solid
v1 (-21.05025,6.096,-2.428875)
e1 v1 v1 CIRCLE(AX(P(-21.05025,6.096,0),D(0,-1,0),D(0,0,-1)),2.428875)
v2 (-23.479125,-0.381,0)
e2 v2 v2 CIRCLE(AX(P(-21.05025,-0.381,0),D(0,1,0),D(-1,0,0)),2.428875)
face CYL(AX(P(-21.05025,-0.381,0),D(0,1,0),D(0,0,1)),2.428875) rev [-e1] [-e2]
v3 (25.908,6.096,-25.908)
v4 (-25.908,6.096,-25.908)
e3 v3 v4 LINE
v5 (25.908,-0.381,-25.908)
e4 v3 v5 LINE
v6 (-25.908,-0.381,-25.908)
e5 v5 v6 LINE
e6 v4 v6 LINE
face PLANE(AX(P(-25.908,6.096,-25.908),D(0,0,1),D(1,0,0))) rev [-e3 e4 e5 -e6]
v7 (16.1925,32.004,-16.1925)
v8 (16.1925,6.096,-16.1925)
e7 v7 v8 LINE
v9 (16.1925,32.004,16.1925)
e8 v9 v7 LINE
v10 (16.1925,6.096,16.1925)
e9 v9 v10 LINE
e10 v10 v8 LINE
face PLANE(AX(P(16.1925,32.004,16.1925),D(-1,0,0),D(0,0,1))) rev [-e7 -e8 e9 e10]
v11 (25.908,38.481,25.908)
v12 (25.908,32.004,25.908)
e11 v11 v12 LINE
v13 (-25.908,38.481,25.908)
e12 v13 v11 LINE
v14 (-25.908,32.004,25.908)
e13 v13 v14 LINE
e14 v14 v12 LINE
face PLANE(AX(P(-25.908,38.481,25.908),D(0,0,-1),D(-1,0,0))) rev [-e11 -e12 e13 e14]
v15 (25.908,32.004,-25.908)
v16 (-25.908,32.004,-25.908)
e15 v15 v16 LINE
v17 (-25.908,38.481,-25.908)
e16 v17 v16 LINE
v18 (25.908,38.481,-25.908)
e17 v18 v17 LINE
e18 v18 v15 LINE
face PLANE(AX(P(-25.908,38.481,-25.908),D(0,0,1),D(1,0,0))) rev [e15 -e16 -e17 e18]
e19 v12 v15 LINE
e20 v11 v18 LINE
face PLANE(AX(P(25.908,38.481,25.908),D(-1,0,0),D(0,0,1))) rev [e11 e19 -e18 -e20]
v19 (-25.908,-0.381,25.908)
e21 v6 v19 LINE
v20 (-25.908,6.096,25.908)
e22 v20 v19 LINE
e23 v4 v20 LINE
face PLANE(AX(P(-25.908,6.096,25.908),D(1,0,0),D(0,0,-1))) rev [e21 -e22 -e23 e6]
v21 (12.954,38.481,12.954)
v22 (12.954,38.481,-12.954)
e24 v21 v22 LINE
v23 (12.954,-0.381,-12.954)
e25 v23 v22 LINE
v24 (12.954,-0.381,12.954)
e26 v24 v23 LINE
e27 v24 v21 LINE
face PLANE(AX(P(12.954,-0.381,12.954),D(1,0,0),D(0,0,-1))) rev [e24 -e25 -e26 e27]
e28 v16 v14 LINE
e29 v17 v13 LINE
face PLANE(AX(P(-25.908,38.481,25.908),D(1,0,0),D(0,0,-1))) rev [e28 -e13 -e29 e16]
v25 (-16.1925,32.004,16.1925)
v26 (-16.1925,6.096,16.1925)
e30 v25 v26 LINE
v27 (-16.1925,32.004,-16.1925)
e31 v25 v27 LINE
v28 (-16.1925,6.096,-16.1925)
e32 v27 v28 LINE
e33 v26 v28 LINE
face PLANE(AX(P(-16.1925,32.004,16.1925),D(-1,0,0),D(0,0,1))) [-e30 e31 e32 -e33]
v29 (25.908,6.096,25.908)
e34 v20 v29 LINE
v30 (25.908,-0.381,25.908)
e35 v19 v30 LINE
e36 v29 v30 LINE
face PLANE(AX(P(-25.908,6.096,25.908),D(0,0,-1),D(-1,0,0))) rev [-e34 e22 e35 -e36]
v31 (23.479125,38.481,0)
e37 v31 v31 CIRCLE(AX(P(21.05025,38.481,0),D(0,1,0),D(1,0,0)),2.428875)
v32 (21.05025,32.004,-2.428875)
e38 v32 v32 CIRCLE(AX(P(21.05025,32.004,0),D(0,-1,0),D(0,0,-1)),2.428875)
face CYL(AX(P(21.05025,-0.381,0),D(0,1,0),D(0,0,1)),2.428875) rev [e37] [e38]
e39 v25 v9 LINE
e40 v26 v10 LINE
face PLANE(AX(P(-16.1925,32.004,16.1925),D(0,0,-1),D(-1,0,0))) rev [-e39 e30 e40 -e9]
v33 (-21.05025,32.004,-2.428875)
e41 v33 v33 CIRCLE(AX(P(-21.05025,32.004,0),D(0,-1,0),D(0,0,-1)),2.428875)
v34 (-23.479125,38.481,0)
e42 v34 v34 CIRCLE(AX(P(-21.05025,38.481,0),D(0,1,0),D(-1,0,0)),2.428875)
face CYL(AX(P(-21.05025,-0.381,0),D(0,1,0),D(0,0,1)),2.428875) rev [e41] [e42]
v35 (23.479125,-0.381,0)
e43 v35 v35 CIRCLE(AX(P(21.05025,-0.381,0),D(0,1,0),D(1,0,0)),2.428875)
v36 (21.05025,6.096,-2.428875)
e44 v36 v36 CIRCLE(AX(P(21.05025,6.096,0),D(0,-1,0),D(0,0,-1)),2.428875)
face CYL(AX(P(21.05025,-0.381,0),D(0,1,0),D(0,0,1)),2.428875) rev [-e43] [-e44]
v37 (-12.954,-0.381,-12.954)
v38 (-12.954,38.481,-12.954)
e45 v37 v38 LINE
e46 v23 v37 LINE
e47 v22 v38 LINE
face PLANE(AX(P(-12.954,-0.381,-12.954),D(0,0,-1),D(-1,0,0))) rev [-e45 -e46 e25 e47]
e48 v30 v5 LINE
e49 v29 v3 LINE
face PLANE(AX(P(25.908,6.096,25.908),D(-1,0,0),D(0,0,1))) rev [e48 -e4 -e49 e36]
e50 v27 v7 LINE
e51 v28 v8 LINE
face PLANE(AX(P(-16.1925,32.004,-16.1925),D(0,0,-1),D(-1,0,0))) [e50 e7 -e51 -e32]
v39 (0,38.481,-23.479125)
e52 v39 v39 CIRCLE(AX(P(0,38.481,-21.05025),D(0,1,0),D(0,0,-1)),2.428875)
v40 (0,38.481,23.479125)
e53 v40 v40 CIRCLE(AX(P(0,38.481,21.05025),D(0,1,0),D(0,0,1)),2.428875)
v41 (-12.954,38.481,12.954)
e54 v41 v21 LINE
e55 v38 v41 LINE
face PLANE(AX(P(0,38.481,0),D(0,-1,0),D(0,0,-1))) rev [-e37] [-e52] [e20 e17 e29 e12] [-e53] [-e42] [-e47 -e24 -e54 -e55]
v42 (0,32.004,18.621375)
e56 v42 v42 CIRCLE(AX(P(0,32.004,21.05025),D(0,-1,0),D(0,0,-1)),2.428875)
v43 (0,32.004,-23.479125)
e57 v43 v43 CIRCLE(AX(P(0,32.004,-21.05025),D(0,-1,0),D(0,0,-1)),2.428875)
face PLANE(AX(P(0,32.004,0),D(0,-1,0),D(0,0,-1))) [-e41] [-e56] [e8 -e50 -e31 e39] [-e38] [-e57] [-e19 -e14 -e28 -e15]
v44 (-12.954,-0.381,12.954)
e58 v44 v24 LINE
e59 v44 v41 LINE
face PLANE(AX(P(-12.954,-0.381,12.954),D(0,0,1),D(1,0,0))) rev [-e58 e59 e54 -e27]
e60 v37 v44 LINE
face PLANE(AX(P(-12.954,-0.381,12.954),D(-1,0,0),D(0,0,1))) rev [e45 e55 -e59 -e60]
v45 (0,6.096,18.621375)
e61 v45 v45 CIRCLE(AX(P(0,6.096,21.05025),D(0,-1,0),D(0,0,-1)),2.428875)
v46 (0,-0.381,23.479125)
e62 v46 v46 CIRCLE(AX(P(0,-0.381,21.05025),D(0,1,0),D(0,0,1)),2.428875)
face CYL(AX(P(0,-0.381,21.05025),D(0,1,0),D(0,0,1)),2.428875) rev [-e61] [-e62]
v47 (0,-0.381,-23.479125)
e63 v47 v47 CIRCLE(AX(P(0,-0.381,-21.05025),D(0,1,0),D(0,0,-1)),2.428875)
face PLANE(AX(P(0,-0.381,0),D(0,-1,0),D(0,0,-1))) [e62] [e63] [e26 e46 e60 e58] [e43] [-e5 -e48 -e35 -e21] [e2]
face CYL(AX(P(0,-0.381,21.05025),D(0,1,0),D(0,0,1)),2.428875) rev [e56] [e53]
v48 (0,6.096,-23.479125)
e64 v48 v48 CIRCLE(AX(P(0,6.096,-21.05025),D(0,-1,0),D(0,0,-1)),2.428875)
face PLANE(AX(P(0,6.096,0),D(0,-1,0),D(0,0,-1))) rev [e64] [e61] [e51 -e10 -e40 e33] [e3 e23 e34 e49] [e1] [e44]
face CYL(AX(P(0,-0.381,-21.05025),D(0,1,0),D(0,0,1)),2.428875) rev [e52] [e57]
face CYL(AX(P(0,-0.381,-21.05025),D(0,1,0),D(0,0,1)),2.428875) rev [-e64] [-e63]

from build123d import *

# Parameters (mm, degrees)
SKETCH1_W           = 50.8
SKETCH1_H           = 50.8
BOSS_EXTRUDE1_DEPTH = 6.35
SKETCH2_W           = 31.75
SKETCH2_H           = 31.75
BOSS_EXTRUDE2_DEPTH = 25.4
SKETCH3_W           = 50.8
SKETCH3_H           = 50.8
BOSS_EXTRUDE3_DEPTH = 6.35
SKETCH4_W           = 25.4
SKETCH4_H           = 25.4
CUT_EXTRUDE1_DEPTH  = 53.363441445
SKETCH5_R           = 2.38125
CUT_EXTRUDE2_DEPTH  = 53.363441445
CIRPATTERN1_COUNT   = 4
SCALE1_SCALE        = 1.02


with BuildPart() as part:
    # Sketch1 → Boss-Extrude1 (new body)
    with BuildSketch(Plane(origin=(0, 0, 0), x_dir=(1, 0, 0), z_dir=(0, 1, 0))):
        Rectangle(SKETCH1_W, SKETCH1_H)
    extrude(amount=BOSS_EXTRUDE1_DEPTH)

    # Sketch2 → Boss-Extrude2 (add)
    with BuildSketch(Plane(origin=(0, 6.35, 0), x_dir=(1, 0, 0), z_dir=(0, 1, 0))):
        Rectangle(SKETCH2_W, SKETCH2_H)
    extrude(amount=BOSS_EXTRUDE2_DEPTH)

    # Sketch3 → Boss-Extrude3 (add)
    with BuildSketch(Plane(origin=(0, 31.75, 0), x_dir=(1, 0, 0), z_dir=(0, 1, 0))):
        Rectangle(SKETCH3_W, SKETCH3_H)
    extrude(amount=BOSS_EXTRUDE3_DEPTH)

    # Sketch4 → Cut-Extrude1 (cut, through all)
    with BuildSketch(Plane(origin=(0, 38.1, 0), x_dir=(1, 0, 0), z_dir=(0, 1, 0))):
        Rectangle(SKETCH4_W, SKETCH4_H)
    extrude(amount=-CUT_EXTRUDE1_DEPTH, mode=Mode.SUBTRACT)

    # Sketch5 → Cut-Extrude2 (cut, through all)
    with BuildSketch(Plane(origin=(0, 38.1, 0), x_dir=(1, 0, 0), z_dir=(0, 1, 0))):
        with Locations((0, -20.6375)):
            Circle(SKETCH5_R)
    cut_extrude2 = extrude(amount=-CUT_EXTRUDE2_DEPTH, mode=Mode.SUBTRACT)

    # CirPattern1: Cut-Extrude2 ×4 about axis
    cirpattern1_axis = Axis((0, -6.908338813, 0), (0, 1, 0))
    for i in range(1, CIRPATTERN1_COUNT):
        add(cut_extrude2.rotate(cirpattern1_axis, i * 360 / CIRPATTERN1_COUNT), mode=Mode.SUBTRACT)


with BuildPart() as part_1:
    # Scale1: scaled about (0, 19.05, 0)
    add(part.part.scale(SCALE1_SCALE).moved(Location((0, -0.381, 0))))


solid = part_1.part
